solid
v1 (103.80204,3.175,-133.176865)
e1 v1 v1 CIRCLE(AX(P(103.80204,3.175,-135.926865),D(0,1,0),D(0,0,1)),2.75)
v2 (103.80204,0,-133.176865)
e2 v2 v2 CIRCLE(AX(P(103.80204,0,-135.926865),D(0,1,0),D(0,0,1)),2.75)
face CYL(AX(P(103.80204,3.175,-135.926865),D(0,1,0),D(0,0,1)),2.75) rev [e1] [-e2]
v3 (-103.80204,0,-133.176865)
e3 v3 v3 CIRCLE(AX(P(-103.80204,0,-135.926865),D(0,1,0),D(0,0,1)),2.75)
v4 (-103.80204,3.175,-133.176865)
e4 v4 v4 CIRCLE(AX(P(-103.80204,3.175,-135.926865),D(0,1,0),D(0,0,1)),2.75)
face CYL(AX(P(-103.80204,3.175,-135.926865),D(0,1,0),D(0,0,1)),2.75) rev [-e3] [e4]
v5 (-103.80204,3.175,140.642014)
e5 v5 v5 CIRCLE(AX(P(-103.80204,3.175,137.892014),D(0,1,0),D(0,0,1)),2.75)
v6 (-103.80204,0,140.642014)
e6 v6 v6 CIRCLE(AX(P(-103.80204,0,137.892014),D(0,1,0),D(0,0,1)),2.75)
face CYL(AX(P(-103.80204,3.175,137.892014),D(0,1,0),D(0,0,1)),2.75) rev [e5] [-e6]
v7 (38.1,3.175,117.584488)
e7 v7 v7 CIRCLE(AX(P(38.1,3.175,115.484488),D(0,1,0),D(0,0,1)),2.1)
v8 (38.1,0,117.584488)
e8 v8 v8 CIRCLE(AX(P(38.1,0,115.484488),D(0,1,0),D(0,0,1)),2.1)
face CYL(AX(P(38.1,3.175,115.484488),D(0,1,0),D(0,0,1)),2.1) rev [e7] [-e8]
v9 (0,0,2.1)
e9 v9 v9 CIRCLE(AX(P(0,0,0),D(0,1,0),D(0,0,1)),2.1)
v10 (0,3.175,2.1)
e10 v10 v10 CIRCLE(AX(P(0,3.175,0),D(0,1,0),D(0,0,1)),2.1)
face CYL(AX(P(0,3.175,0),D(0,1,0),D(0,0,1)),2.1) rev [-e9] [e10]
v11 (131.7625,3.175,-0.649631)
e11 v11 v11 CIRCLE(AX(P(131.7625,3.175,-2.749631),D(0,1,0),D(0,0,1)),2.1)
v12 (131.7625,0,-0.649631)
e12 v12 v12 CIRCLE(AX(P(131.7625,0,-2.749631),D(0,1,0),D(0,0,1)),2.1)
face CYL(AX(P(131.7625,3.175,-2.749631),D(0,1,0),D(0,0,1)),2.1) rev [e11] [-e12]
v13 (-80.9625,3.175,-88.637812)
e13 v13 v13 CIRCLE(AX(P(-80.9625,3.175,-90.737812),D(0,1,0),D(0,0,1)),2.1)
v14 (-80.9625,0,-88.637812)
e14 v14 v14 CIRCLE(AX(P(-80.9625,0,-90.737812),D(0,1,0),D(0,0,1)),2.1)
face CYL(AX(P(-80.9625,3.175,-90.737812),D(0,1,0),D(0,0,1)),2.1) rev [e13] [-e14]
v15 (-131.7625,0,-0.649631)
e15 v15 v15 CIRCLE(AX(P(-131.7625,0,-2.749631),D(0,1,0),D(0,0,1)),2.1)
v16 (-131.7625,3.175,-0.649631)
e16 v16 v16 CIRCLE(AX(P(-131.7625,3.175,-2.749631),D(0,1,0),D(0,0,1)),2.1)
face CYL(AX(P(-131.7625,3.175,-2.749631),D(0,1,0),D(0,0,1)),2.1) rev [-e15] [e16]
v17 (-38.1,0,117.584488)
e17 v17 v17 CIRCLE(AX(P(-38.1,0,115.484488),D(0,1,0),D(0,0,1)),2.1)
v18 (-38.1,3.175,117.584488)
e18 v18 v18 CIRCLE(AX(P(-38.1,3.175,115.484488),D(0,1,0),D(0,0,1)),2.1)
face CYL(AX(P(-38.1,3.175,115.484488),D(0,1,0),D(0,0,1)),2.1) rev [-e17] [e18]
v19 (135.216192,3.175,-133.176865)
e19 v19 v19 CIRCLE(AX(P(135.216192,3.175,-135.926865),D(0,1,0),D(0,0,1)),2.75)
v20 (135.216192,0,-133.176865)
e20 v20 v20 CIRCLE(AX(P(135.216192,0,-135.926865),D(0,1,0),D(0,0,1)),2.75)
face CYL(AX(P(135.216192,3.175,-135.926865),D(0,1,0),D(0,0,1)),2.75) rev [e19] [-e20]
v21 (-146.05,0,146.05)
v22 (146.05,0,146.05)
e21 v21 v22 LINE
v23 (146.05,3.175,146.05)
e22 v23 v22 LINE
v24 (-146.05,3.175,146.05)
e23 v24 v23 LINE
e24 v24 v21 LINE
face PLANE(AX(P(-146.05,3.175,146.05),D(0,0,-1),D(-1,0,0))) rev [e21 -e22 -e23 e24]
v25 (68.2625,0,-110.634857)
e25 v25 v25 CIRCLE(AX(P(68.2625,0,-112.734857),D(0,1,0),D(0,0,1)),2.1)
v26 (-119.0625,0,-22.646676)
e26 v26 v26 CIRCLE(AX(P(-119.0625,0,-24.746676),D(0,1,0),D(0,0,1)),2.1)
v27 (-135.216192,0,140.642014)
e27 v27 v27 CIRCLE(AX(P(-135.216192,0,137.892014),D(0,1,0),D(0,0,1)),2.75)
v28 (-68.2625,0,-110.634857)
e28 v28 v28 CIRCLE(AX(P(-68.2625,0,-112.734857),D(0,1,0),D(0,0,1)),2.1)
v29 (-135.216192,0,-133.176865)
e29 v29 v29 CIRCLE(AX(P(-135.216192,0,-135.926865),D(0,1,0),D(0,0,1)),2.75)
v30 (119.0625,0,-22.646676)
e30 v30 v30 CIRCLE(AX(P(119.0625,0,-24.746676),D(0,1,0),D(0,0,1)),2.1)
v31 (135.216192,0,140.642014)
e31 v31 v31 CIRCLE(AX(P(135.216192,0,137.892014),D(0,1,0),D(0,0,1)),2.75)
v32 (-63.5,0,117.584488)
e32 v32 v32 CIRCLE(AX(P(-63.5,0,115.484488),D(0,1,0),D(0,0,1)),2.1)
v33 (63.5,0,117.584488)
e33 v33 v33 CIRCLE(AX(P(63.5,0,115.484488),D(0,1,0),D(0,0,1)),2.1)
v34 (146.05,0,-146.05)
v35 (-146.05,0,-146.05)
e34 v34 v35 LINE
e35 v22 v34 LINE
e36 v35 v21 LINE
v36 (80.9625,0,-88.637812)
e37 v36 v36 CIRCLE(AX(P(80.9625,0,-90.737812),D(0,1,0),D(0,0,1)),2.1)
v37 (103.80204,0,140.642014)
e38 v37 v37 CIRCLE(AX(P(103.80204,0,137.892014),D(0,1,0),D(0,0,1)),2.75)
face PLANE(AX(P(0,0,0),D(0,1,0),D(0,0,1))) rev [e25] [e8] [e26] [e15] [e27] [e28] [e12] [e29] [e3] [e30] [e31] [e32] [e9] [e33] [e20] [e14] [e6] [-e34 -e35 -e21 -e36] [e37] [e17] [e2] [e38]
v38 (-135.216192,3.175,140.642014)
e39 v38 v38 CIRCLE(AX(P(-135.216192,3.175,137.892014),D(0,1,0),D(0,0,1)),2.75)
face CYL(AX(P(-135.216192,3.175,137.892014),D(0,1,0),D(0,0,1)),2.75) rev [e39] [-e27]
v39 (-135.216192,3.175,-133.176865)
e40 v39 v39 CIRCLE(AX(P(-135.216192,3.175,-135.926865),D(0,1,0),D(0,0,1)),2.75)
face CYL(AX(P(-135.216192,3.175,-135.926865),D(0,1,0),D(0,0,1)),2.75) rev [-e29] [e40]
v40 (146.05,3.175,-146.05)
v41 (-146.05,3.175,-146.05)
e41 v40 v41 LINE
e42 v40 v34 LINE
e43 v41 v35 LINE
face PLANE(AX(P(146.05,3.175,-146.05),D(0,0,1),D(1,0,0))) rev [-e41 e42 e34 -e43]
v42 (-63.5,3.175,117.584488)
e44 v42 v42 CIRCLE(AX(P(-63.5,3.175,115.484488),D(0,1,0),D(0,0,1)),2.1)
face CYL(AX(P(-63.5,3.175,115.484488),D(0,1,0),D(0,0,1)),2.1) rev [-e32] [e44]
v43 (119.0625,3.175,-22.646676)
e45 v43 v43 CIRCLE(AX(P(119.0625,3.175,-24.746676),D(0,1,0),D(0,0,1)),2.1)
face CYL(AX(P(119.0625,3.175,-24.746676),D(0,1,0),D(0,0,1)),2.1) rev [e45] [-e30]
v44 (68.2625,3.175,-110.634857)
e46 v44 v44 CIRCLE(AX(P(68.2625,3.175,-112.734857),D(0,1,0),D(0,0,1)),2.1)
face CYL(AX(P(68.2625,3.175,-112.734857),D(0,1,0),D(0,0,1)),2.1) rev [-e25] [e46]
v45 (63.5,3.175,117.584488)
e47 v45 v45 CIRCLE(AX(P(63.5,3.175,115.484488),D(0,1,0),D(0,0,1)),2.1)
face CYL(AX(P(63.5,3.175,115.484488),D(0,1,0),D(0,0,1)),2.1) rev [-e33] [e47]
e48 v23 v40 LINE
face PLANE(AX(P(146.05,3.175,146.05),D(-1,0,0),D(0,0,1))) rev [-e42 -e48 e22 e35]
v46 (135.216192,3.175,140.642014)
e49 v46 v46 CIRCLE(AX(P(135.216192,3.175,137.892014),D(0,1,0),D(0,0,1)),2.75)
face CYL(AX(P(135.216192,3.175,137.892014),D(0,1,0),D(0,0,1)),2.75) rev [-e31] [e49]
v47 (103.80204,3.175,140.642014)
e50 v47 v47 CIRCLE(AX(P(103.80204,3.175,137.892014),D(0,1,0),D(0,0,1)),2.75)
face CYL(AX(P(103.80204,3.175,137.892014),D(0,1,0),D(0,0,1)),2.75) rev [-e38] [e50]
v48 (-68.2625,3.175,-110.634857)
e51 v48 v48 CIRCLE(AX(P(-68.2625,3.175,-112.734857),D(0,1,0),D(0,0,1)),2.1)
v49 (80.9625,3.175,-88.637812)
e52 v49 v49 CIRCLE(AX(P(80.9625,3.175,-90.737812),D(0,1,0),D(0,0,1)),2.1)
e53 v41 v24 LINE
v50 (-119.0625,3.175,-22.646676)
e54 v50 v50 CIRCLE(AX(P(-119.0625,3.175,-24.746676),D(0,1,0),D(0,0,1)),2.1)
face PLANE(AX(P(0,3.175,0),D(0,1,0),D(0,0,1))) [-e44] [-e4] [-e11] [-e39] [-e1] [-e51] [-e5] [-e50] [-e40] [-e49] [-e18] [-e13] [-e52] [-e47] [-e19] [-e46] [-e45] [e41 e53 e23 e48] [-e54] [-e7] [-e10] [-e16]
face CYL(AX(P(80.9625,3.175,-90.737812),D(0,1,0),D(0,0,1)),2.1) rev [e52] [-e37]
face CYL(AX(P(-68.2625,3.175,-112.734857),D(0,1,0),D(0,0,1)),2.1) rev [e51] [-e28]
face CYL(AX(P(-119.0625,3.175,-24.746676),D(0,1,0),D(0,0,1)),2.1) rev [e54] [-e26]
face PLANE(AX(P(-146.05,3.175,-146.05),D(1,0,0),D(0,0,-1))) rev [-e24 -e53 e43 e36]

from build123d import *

# Parameters (mm, degrees)
SKETCH1_W                = 292.1
SKETCH1_H                = 292.1
BOSS_EXTRUDE1_DEPTH      = 3.175
M5X0_8_TAPPED_HOLE2_D    = 4.2
M5_CLEARANCE_HOLE1_D     = 5.5
M5_CLEARANCE_HOLE1_DEPTH = 25.4
M5_CLEARANCE_HOLE1_TIP   = 1.652366702


with BuildPart() as part:
    # Sketch1 → Boss-Extrude1 (new body)
    with BuildSketch(Plane(origin=(0, 0, 0), x_dir=(1, 0, 0), z_dir=(0, 1, 0))):
        Rectangle(SKETCH1_W, SKETCH1_H)
    extrude(amount=BOSS_EXTRUDE1_DEPTH)

    # M5x0.8 Tapped Hole2 (through all)
    with Locations(Plane(origin=(0, 3.175, 0), x_dir=(1, 0, 0), z_dir=(0, 1, 0))):
        with Locations((-63.5, -115.484487595), (-38.1, -115.484487595), (38.1, -115.484487595), (63.5, -115.484487595), (-68.2625, 112.734856938), (-80.9625, 90.737811682), (-119.0625, 24.746675913), (-131.7625, 2.749630657), (131.7625, 2.749630657), (119.0625, 24.746675913), (80.9625, 90.737811682), (68.2625, 112.734856938), (0, 0)):
            Hole(M5X0_8_TAPPED_HOLE2_D / 2)

    # M5 Clearance Hole1
    with Locations(Plane(origin=(0, 3.175, 0), x_dir=(1, 0, 0), z_dir=(0, 1, 0))):
        with Locations((-135.216191685, -137.892013655), (-103.802039507, -137.892013655), (103.802039507, -137.892013655), (135.216191685, -137.892013655), (103.802039507, 135.926865034), (135.216191685, 135.926865034), (-135.216191685, 135.926865034), (-103.802039507, 135.926865034)):
            Hole(M5_CLEARANCE_HOLE1_D / 2, depth=M5_CLEARANCE_HOLE1_DEPTH)
            with Locations((0, 0, -(M5_CLEARANCE_HOLE1_DEPTH + M5_CLEARANCE_HOLE1_TIP / 2))):  # 118° drill point
                Cone(0, M5_CLEARANCE_HOLE1_D / 2, M5_CLEARANCE_HOLE1_TIP, mode=Mode.SUBTRACT)


solid = part.part
